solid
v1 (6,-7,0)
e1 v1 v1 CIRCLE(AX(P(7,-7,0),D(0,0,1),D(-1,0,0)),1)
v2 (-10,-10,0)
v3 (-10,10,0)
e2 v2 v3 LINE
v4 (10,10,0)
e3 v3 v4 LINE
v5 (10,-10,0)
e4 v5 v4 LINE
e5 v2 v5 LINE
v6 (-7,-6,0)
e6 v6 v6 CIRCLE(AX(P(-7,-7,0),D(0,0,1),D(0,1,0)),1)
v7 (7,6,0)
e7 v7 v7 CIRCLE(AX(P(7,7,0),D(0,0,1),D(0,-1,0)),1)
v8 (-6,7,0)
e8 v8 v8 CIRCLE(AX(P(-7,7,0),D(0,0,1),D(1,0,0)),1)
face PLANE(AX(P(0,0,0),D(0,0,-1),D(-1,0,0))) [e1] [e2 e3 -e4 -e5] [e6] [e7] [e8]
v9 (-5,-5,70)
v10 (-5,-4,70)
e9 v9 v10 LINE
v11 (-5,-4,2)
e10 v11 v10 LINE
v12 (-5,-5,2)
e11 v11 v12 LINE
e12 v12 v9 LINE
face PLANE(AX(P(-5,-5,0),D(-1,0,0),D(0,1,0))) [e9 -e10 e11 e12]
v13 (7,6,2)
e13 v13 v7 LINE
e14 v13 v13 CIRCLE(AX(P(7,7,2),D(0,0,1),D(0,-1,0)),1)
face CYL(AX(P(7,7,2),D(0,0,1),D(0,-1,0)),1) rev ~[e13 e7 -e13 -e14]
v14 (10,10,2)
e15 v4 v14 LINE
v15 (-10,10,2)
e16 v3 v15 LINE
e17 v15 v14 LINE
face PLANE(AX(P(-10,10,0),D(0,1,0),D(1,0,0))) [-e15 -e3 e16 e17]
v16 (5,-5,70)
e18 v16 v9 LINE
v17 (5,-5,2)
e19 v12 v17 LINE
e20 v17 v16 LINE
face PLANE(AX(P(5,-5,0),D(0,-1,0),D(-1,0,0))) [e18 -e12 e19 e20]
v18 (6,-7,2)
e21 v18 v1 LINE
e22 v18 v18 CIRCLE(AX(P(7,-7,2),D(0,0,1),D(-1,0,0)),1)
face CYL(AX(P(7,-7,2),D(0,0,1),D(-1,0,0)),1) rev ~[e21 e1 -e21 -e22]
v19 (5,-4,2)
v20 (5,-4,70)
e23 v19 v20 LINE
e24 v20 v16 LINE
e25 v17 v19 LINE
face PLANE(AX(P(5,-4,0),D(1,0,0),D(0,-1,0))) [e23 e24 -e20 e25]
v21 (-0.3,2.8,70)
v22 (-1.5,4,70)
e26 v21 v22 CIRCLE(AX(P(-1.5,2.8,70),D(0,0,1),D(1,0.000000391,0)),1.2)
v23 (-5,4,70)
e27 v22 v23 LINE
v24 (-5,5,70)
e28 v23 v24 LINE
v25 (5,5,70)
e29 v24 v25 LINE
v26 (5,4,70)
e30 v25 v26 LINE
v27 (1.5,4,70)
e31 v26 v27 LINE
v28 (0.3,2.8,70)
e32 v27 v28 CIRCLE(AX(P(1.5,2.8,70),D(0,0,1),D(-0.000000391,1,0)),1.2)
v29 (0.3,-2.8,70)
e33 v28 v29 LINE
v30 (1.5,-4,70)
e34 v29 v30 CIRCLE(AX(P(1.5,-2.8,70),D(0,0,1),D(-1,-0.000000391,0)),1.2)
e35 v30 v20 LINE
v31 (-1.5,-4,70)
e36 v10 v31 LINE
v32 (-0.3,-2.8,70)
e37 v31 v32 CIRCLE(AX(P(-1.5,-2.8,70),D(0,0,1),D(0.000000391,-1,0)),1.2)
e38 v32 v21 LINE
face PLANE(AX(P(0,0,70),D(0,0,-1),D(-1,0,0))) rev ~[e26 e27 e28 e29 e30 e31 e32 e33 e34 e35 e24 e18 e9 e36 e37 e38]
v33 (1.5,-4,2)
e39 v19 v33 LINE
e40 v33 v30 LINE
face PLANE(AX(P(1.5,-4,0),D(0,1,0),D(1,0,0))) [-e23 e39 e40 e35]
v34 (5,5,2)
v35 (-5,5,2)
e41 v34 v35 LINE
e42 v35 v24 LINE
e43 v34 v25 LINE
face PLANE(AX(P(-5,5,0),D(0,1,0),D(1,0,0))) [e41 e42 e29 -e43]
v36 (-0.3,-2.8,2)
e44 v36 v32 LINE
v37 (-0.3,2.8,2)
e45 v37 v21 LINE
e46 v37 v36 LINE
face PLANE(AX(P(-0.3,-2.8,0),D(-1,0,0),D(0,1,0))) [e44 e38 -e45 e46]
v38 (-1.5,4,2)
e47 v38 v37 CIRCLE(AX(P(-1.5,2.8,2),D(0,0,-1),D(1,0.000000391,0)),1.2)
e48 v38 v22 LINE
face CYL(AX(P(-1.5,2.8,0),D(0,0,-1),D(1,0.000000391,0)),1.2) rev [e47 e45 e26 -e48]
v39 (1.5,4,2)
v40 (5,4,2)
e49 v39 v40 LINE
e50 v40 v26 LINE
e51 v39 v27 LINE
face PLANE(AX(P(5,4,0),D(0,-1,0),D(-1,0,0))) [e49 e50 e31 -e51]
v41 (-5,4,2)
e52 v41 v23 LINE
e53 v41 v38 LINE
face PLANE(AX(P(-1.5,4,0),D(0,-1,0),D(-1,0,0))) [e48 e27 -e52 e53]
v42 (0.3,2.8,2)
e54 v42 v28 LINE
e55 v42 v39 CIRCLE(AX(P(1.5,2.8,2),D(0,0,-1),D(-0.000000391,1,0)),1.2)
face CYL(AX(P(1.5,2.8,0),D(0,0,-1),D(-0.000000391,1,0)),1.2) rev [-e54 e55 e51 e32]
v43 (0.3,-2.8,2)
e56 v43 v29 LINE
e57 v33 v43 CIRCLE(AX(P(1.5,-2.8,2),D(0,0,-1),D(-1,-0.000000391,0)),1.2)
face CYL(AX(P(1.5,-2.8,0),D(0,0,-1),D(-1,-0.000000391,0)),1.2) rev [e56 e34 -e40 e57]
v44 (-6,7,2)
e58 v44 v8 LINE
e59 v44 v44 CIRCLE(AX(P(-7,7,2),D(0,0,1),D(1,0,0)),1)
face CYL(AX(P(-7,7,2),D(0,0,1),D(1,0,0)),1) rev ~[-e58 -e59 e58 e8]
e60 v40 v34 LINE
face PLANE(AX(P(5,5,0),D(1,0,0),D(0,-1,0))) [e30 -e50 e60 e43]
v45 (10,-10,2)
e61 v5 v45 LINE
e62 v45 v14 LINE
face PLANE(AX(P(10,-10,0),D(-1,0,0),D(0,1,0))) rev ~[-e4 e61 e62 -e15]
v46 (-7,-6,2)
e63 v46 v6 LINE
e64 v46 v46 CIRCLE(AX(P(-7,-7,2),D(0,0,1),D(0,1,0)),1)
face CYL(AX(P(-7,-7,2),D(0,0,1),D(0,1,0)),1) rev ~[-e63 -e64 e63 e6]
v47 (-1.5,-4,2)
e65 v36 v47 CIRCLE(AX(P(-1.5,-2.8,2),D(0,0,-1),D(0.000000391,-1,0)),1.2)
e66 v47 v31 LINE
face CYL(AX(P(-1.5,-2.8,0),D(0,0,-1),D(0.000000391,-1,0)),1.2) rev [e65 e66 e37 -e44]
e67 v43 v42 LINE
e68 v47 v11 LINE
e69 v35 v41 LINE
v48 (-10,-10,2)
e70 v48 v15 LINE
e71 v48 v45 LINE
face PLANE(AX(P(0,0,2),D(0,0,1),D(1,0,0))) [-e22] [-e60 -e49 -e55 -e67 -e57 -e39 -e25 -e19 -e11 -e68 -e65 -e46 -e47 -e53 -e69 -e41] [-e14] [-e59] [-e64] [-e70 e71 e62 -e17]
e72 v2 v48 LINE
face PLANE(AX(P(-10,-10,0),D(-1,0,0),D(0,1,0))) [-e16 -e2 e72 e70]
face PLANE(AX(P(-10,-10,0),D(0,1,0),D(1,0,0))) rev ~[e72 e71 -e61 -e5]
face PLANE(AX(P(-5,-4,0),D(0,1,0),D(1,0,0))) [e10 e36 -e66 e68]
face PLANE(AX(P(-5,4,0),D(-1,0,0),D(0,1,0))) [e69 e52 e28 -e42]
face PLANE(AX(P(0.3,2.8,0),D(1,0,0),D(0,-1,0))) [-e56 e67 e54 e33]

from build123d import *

# Parameters (mm, degrees)
PAD_DEPTH          = 70
SKETCH002_W        = 20
SKETCH002_H        = 20
PAD001_DEPTH       = 2
SKETCH003_R        = 1
POCKET_DEPTH       = 5
POLARPATTERN_COUNT = 4


with BuildPart() as pad:
    # Sketch001 → Pad (new body)
    with BuildSketch(Plane.XY):
        with BuildLine():
            Line((-5, 4), (-5, 5))
            Line((-5, 5), (5, 5))
            Line((5, 5), (5, 4))
            Line((5, 4), (1.5, 4))
            ThreePointArc((1.5, 4), (0.651472, 3.648528), (0.3, 2.8))
            Line((0.3, 2.8), (0.3, -2.8))
            ThreePointArc((0.3, -2.8), (0.651472, -3.648528), (1.5, -4))
            Line((1.5, -4), (5, -4))
            Line((5, -4), (5, -5))
            Line((5, -5), (-5, -5))
            Line((-5, -5), (-5, -4))
            Line((-5, -4), (-1.5, -4))
            ThreePointArc((-1.5, -4), (-0.651472, -3.648528), (-0.3, -2.8))
            Line((-0.3, -2.8), (-0.3, 2.8))
            ThreePointArc((-0.3, 2.8), (-0.651472, 3.648528), (-1.5, 4))
            Line((-1.5, 4), (-5, 4))
        make_face()
    extrude(amount=PAD_DEPTH)


with BuildPart() as fusion:
    # Sketch002 → Pad001 (new body)
    with BuildSketch(Plane.XY):
        Rectangle(SKETCH002_W, SKETCH002_H)
    extrude(amount=PAD001_DEPTH)

    # Sketch003 → Pocket (cut)
    with BuildSketch(Plane.XY.offset(2)):
        with Locations((-7, 7)):
            Circle(SKETCH003_R)
    pocket = extrude(amount=-POCKET_DEPTH, mode=Mode.SUBTRACT)

    # PolarPattern: Pocket ×4 about axis
    polarpattern_axis = Axis((0, 0, 2), (0, 0, 1))
    for i in range(1, POLARPATTERN_COUNT):
        add(pocket.rotate(polarpattern_axis, i * 360 / POLARPATTERN_COUNT), mode=Mode.SUBTRACT)

    # Fusion: union Pad
    add(pad.part)


solid = fusion.part
